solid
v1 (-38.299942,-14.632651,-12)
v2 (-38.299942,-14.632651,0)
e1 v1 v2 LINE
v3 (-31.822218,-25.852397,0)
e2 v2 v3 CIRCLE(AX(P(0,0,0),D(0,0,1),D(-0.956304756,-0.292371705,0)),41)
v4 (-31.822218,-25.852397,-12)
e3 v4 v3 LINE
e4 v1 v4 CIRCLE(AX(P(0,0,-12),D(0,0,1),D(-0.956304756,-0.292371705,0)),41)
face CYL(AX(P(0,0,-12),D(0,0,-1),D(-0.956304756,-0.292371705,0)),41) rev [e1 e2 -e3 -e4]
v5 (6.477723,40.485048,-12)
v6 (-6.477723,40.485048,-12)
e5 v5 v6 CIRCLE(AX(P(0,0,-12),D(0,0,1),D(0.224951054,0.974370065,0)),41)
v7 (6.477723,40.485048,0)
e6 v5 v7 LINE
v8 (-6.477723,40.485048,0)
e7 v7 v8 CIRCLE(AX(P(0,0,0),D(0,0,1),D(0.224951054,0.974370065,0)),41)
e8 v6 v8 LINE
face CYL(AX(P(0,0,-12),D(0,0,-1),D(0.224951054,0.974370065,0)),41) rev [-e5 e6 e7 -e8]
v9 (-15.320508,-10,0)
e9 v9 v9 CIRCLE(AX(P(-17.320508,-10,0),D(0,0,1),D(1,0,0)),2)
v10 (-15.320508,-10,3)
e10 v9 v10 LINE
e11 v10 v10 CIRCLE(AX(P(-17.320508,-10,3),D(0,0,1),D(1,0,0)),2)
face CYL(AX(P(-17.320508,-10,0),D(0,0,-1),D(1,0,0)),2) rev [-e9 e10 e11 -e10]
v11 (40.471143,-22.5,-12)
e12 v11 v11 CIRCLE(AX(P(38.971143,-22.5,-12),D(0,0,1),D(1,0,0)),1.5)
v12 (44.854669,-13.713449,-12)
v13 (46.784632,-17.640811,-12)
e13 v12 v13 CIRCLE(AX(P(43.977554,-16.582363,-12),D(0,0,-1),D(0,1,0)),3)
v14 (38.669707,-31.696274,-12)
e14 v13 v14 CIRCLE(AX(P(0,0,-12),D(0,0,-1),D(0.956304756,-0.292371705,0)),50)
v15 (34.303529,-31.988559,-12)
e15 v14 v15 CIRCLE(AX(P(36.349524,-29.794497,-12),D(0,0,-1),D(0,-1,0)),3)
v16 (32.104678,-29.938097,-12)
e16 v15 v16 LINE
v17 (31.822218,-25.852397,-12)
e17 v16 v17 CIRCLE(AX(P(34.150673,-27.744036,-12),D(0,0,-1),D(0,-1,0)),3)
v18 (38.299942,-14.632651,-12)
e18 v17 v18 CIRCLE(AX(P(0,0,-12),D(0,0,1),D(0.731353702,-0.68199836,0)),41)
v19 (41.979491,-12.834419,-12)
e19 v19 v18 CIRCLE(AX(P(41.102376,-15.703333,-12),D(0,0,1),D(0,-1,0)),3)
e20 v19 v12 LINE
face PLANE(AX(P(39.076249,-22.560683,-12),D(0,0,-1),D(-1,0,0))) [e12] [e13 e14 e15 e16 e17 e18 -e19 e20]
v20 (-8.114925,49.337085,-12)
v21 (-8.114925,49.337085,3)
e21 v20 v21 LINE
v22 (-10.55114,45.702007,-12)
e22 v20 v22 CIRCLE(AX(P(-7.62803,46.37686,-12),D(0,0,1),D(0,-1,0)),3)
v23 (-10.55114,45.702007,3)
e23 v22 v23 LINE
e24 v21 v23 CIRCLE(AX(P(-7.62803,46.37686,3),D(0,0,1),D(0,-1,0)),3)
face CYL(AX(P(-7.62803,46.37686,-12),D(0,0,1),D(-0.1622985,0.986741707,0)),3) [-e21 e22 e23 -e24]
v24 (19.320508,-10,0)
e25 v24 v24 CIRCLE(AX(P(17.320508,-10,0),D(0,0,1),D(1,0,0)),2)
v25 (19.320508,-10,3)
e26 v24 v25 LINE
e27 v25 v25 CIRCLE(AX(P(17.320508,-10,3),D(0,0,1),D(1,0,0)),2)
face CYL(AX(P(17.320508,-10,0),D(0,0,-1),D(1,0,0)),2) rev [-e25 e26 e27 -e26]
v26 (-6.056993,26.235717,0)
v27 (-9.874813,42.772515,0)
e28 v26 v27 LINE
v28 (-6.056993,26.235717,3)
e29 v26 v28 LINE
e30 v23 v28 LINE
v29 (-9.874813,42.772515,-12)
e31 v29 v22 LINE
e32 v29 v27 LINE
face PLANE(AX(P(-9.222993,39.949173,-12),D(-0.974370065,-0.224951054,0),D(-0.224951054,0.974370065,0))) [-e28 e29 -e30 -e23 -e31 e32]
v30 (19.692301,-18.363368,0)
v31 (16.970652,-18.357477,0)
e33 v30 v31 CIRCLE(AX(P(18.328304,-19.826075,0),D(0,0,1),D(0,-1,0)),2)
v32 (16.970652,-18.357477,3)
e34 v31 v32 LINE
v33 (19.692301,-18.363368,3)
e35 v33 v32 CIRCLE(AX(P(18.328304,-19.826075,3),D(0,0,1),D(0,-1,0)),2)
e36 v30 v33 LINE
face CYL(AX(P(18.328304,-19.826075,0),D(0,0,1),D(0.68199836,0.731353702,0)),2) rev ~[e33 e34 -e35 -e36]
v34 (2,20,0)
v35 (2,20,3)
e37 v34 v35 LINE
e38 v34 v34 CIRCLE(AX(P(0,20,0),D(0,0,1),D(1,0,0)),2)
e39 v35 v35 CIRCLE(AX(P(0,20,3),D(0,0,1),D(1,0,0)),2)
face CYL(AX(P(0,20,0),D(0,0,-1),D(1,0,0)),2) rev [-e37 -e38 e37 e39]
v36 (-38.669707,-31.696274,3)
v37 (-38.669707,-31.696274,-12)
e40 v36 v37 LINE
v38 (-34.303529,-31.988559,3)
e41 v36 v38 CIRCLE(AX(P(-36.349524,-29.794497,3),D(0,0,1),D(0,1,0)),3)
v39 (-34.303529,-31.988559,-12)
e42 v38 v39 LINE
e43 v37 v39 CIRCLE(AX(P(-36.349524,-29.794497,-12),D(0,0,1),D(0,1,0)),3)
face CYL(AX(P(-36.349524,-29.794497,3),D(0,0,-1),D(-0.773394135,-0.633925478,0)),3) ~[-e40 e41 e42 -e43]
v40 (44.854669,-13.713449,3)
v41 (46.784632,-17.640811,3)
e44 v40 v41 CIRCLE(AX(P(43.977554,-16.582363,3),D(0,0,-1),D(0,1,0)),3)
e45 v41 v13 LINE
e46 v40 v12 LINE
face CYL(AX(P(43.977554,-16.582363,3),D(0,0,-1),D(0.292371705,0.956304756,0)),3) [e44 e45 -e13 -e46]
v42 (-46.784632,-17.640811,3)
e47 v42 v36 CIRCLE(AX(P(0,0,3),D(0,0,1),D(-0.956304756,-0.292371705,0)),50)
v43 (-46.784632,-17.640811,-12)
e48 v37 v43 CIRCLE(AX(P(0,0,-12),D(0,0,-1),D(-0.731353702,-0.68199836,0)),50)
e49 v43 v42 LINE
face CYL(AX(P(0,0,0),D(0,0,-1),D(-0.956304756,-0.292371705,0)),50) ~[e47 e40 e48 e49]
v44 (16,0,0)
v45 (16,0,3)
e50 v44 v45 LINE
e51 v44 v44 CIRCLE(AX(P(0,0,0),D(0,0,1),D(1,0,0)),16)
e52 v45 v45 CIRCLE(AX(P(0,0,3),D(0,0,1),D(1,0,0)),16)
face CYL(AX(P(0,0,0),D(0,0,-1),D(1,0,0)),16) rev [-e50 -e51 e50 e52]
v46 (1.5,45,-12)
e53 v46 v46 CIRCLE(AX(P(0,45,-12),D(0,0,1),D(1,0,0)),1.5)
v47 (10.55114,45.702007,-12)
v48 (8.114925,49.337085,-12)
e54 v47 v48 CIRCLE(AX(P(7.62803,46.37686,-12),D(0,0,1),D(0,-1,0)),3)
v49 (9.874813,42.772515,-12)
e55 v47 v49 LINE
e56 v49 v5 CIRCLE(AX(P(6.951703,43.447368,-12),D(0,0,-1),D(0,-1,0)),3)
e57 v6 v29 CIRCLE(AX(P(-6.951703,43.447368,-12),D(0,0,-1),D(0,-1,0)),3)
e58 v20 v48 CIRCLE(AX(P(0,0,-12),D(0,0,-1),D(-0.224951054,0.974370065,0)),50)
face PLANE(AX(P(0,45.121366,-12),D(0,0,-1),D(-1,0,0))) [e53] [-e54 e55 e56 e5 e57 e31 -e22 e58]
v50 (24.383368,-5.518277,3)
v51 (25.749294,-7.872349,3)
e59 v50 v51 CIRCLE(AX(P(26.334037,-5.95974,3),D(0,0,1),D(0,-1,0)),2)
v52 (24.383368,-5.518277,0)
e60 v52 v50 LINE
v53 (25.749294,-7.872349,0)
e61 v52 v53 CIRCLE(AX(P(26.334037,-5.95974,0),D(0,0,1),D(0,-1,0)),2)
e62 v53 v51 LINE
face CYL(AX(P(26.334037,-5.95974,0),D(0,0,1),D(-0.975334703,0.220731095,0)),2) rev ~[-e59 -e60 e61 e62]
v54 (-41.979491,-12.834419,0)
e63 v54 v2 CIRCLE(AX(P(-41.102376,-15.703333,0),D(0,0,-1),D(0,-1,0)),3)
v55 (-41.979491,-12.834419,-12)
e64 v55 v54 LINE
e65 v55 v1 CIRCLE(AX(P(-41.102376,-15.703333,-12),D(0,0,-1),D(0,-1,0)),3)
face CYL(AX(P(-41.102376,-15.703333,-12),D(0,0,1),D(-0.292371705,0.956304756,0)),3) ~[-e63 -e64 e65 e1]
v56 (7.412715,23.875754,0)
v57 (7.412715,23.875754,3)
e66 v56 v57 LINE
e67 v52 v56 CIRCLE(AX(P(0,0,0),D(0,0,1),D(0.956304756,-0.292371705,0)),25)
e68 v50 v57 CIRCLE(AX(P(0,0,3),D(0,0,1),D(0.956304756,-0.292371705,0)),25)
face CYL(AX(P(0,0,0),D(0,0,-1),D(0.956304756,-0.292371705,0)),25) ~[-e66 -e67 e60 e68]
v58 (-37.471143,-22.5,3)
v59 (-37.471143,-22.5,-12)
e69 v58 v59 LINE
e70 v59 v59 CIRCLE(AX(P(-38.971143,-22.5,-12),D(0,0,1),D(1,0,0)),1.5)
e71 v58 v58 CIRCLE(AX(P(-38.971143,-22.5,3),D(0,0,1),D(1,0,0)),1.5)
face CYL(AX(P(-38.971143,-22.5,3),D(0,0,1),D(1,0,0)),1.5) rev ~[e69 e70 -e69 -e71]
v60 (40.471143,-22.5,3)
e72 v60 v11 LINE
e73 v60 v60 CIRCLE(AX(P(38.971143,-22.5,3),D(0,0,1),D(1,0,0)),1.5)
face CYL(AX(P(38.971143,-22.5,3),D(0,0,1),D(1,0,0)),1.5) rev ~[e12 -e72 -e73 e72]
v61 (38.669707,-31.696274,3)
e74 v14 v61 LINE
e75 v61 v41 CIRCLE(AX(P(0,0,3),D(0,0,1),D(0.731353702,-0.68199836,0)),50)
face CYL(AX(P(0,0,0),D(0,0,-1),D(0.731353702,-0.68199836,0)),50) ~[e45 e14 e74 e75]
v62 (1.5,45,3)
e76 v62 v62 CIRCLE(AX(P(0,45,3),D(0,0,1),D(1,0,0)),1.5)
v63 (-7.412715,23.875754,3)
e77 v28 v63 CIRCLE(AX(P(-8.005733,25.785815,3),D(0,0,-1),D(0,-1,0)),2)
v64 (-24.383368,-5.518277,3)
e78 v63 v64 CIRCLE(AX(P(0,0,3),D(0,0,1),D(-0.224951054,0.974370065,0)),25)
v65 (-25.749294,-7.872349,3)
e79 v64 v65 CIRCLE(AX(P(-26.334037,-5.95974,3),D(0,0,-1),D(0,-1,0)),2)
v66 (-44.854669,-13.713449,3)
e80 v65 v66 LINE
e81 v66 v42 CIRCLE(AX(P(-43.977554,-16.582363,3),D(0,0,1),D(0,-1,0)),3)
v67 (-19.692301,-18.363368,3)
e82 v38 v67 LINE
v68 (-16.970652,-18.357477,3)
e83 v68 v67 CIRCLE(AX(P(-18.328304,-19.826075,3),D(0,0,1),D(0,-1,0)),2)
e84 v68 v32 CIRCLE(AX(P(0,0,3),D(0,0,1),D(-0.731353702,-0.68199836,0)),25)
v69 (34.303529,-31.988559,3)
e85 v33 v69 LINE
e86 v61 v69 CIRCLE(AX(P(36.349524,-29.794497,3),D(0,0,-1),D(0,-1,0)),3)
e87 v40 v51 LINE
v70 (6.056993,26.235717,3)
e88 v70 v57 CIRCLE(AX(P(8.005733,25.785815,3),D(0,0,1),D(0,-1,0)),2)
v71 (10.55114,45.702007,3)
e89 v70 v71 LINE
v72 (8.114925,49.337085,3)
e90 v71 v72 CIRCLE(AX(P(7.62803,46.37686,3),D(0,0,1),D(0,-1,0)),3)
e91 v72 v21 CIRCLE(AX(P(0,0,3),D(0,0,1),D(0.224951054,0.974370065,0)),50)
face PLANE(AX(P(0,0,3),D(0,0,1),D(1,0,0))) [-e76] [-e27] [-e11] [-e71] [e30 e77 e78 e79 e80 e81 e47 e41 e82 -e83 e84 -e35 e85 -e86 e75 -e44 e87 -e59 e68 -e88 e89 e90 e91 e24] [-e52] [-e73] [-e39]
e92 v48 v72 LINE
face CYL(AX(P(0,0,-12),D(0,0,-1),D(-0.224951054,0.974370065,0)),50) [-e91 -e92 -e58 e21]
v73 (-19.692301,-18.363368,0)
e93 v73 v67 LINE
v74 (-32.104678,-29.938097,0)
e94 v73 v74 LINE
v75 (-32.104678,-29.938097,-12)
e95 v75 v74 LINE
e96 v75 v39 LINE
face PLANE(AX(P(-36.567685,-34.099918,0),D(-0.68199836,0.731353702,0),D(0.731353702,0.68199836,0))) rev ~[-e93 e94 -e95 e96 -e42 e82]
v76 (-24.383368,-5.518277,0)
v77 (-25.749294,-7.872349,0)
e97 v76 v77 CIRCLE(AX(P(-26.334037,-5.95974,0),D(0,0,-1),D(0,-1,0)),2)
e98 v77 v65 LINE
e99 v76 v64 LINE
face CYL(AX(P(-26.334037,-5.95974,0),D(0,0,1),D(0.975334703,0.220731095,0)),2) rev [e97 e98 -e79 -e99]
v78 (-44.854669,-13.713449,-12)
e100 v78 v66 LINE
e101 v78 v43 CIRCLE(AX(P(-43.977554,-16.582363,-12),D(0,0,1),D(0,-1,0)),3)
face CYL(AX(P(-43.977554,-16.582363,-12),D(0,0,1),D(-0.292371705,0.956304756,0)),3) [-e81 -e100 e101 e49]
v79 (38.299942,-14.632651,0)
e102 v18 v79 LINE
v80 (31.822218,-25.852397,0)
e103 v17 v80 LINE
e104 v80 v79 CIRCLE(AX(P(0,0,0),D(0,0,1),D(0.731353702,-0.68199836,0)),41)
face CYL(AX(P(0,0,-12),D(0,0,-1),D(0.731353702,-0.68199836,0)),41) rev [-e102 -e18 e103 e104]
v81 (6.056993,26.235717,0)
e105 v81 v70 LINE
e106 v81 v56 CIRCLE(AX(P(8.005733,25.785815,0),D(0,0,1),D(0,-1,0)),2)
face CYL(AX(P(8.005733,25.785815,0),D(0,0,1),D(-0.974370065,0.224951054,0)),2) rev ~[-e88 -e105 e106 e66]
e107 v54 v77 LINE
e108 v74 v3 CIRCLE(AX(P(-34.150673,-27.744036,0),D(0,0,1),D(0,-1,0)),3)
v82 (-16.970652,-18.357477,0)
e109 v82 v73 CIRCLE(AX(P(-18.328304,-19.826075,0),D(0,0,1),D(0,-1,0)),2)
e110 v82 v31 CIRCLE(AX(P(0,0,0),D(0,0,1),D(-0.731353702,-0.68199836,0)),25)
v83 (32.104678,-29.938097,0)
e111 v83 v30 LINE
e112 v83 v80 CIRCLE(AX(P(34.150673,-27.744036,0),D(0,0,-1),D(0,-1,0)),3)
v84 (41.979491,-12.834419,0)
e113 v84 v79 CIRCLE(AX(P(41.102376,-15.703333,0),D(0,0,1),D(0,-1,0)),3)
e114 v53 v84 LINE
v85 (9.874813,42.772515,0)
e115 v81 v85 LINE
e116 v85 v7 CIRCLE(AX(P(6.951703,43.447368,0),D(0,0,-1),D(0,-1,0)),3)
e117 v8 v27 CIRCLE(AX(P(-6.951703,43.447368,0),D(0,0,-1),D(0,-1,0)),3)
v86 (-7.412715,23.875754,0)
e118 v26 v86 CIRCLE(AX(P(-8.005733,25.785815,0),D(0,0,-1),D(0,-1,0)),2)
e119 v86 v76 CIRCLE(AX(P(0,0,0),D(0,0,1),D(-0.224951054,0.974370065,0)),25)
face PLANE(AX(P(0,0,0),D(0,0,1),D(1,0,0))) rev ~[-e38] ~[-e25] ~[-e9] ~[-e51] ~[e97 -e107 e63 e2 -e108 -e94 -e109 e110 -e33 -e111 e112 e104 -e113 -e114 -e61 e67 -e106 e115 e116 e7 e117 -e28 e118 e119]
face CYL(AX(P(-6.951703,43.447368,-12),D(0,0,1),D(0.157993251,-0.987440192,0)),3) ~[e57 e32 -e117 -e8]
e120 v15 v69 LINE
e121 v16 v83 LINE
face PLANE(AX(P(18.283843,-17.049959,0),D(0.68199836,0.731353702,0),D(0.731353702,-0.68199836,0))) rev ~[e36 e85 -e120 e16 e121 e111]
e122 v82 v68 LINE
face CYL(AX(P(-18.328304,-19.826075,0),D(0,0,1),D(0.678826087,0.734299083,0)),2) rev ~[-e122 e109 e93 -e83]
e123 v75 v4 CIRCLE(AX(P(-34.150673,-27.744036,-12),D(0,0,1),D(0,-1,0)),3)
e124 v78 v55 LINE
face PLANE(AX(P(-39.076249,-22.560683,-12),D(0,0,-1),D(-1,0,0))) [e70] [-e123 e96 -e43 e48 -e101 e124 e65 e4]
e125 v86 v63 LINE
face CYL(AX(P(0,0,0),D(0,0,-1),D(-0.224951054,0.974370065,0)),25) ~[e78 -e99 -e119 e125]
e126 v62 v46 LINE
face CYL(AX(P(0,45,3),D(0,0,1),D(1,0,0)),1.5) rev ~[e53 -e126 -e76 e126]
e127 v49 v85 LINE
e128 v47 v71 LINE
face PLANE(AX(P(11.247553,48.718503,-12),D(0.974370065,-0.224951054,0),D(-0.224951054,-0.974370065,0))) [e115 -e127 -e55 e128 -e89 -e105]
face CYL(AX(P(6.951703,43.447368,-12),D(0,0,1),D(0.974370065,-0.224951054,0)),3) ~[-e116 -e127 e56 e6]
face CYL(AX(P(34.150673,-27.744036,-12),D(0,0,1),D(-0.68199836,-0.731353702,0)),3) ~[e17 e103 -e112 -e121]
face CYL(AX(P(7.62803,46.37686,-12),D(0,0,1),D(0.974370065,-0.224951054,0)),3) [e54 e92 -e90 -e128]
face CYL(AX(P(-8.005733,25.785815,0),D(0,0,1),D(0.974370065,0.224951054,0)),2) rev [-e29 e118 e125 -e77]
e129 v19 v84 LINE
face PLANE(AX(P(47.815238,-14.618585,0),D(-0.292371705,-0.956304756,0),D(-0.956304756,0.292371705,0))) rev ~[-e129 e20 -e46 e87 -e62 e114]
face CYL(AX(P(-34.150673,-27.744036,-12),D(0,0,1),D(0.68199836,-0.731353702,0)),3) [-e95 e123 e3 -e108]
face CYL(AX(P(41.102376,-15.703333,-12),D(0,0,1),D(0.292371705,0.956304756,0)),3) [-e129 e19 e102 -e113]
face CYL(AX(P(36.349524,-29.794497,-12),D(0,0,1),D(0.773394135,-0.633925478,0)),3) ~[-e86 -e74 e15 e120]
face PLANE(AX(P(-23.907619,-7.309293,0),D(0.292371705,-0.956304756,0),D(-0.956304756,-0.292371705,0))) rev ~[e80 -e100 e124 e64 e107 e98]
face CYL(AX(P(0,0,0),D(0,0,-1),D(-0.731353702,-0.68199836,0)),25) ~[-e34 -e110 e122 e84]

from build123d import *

# Parameters (mm, degrees)
SKETCH_1_R          = 16
SKETCH_1_R_2        = 2.0000000000000004
SKETCH_1_R_3        = 2.0000000000000013
SKETCH_1_R_4        = 1.9999999999999996
EXTRUDE_1_DEPTH     = 3
EXTRUDE_START       = 12
EXTRUDE_2_DEPTH     = 12
SKETCH_4_R          = 1.5000000000000009
SKETCH_4_R_2        = 1.5000000000024705
SKETCH_4_R_3        = 1.5000000000036489
CUT_EXTRUDE_1_DEPTH = 71.79051465905462
FILLET_1_R          = 2
FILLET_2_R          = 3


with BuildPart() as part:
    # 草图1 → 凸台-拉伸1 (new body)
    with BuildSketch(Plane.XY):
        with BuildLine():
            Line((5.623776358596461, 24.359251619630925), (11.247552717192923, 48.71850323926185))
            ThreePointArc((11.247552717192923, 48.71850323926185), (-3.7441e-13, 50.000000000000014), (-11.247552717193646, 48.71850323926167))
            Line((-11.247552717193646, 48.71850323926167), (-5.623776358596823, 24.359251619630832))
            ThreePointArc((-5.623776358596823, 24.359251619630832), (-21.650635094611058, 12.499999999999835), (-23.90761889907584, -7.309292618068593))
            Line((-23.90761889907584, -7.309292618068593), (-47.81523779815182, -14.61858523613672))
            ThreePointArc((-47.81523779815182, -14.61858523613672), (-43.30127018922199, -24.999999999999925), (-36.56768508095856, -34.099918003124884))
            Line((-36.56768508095856, -34.099918003124884), (-18.28384254047911, -17.04995900156262))
            ThreePointArc((-18.28384254047911, -17.04995900156262), (2.0137e-13, -24.999999999999996), (18.283842540479387, -17.04995900156234))
            Line((18.283842540479387, -17.04995900156234), (36.56768508095862, -34.09991800312487))
            ThreePointArc((36.56768508095862, -34.09991800312487), (43.30127018922202, -24.999999999999897), (47.815237798151834, -14.618585236136676))
            Line((47.815237798151834, -14.618585236136676), (23.907618899075946, -7.309292618068216))
            ThreePointArc((23.907618899075946, -7.309292618068216), (21.650635094610866, 12.500000000000162), (5.623776358596461, 24.359251619630925))
        make_face()
        Circle(SKETCH_1_R, mode=Mode.SUBTRACT)
        with Locations((1.302e-14, 20)):
            Circle(SKETCH_1_R_2, mode=Mode.SUBTRACT)
        with Locations((17.320508075688725, -10.000000000000092)):
            Circle(SKETCH_1_R_3, mode=Mode.SUBTRACT)
        with Locations((-17.320508075688874, -9.999999999999826)):
            Circle(SKETCH_1_R_4, mode=Mode.SUBTRACT)
    extrude(amount=EXTRUDE_1_DEPTH)

    # 草图3 → 凸台-拉伸2 (add)
    with BuildSketch(Plane(origin=(0, 0, 0), x_dir=(-1, 0, 0), z_dir=(0, 0, -1)).offset(EXTRUDE_START)):
        with BuildLine():
            Line((-11.247552717192923, 48.71850323926185), (-9.222993228098195, 39.949172656194705))
            ThreePointArc((-9.222993228098195, 39.949172656194705), (3.0294e-13, 41), (9.22299322809879, 39.94917265619457))
            Line((9.22299322809879, 39.94917265619457), (11.247552717193646, 48.71850323926167))
            ThreePointArc((11.247552717193646, 48.71850323926167), (3.8054e-13, 50), (-11.247552717192923, 48.71850323926185))
        make_face()
        with BuildLine():
            Line((47.815237798151635, -14.618585236137392), (39.20849499448435, -11.987239893632658))
            ThreePointArc((39.20849499448435, -11.987239893632658), (35.507041555161756, -20.500000000000437), (29.98550176638565, -27.96193276256283))
            Line((29.98550176638565, -27.96193276256283), (36.56768508095811, -34.099918003125396))
            ThreePointArc((36.56768508095811, -34.099918003125396), (43.30127018922164, -25.00000000000053), (47.815237798151635, -14.618585236137392))
        make_face()
        with BuildLine():
            Line((-36.56768508095907, -34.09991800312435), (-29.98550176638619, -27.96193276256223))
            ThreePointArc((-29.98550176638619, -27.96193276256223), (-35.50704155516215, -20.499999999999734), (-39.20849499448456, -11.987239893631878))
            Line((-39.20849499448456, -11.987239893631878), (-47.815237798152026, -14.618585236136003))
            ThreePointArc((-47.815237798152026, -14.618585236136003), (-43.30127018922234, -24.999999999999286), (-36.56768508095907, -34.09991800312435))
        make_face()
    extrude(amount=-EXTRUDE_2_DEPTH)

    # 草图4 → 切除-拉伸1 (cut, through all)
    with BuildSketch(Plane.XY.offset(3)):
        with Locations((0, 45)):
            Circle(SKETCH_4_R)
        with Locations((38.97114317030261, -22.499999999998334)):
            Circle(SKETCH_4_R_2)
        with Locations((-38.97114317029686, -22.500000000001673)):
            Circle(SKETCH_4_R_3)
    extrude(amount=-CUT_EXTRUDE_1_DEPTH, mode=Mode.SUBTRACT)

    # 圆角1
    fillet_1_edges = [part.edges().sort_by_distance(p)[0] for p in [
        (5.623776358596462, 24.359251619630925, 1.5),
        (23.907618899075946, -7.309292618068216, 1.5),
        (18.283842540479387, -17.049959001562343, 1.5),
        (-18.28384254047911, -17.04995900156262, 1.5),
        (-23.90761889907584, -7.309292618068593, 1.5),
        (-5.623776358596823, 24.359251619630832, 1.5),
    ]]
    fillet(fillet_1_edges, radius=FILLET_1_R)

    # 圆角2
    fillet_2_edges = [part.edges().sort_by_distance(p)[0] for p in [
        (11.24755271719292, 48.71850323926185, -4.5),
        (47.81523779815193, -14.61858523613634, -4.5),
        (36.567685080958846, -34.099918003124614, -4.5),
        (-36.56768508095834, -34.09991800312514, -4.5),
        (-47.81523779815173, -14.618585236137056, -4.5),
        (-11.247552717193646, 48.71850323926167, -4.5),
        (-39.208494994484354, -11.987239893632658, -6),
        (-29.985501766385653, -27.96193276256283, -6),
        (9.222993228098195, 39.949172656194705, -6),
        (-9.222993228098792, 39.94917265619457, -6),
        (29.98550176638619, -27.96193276256223, -6),
        (39.20849499448456, -11.987239893631878, -6),
    ]]
    fillet(fillet_2_edges, radius=FILLET_2_R)


solid = part.part
